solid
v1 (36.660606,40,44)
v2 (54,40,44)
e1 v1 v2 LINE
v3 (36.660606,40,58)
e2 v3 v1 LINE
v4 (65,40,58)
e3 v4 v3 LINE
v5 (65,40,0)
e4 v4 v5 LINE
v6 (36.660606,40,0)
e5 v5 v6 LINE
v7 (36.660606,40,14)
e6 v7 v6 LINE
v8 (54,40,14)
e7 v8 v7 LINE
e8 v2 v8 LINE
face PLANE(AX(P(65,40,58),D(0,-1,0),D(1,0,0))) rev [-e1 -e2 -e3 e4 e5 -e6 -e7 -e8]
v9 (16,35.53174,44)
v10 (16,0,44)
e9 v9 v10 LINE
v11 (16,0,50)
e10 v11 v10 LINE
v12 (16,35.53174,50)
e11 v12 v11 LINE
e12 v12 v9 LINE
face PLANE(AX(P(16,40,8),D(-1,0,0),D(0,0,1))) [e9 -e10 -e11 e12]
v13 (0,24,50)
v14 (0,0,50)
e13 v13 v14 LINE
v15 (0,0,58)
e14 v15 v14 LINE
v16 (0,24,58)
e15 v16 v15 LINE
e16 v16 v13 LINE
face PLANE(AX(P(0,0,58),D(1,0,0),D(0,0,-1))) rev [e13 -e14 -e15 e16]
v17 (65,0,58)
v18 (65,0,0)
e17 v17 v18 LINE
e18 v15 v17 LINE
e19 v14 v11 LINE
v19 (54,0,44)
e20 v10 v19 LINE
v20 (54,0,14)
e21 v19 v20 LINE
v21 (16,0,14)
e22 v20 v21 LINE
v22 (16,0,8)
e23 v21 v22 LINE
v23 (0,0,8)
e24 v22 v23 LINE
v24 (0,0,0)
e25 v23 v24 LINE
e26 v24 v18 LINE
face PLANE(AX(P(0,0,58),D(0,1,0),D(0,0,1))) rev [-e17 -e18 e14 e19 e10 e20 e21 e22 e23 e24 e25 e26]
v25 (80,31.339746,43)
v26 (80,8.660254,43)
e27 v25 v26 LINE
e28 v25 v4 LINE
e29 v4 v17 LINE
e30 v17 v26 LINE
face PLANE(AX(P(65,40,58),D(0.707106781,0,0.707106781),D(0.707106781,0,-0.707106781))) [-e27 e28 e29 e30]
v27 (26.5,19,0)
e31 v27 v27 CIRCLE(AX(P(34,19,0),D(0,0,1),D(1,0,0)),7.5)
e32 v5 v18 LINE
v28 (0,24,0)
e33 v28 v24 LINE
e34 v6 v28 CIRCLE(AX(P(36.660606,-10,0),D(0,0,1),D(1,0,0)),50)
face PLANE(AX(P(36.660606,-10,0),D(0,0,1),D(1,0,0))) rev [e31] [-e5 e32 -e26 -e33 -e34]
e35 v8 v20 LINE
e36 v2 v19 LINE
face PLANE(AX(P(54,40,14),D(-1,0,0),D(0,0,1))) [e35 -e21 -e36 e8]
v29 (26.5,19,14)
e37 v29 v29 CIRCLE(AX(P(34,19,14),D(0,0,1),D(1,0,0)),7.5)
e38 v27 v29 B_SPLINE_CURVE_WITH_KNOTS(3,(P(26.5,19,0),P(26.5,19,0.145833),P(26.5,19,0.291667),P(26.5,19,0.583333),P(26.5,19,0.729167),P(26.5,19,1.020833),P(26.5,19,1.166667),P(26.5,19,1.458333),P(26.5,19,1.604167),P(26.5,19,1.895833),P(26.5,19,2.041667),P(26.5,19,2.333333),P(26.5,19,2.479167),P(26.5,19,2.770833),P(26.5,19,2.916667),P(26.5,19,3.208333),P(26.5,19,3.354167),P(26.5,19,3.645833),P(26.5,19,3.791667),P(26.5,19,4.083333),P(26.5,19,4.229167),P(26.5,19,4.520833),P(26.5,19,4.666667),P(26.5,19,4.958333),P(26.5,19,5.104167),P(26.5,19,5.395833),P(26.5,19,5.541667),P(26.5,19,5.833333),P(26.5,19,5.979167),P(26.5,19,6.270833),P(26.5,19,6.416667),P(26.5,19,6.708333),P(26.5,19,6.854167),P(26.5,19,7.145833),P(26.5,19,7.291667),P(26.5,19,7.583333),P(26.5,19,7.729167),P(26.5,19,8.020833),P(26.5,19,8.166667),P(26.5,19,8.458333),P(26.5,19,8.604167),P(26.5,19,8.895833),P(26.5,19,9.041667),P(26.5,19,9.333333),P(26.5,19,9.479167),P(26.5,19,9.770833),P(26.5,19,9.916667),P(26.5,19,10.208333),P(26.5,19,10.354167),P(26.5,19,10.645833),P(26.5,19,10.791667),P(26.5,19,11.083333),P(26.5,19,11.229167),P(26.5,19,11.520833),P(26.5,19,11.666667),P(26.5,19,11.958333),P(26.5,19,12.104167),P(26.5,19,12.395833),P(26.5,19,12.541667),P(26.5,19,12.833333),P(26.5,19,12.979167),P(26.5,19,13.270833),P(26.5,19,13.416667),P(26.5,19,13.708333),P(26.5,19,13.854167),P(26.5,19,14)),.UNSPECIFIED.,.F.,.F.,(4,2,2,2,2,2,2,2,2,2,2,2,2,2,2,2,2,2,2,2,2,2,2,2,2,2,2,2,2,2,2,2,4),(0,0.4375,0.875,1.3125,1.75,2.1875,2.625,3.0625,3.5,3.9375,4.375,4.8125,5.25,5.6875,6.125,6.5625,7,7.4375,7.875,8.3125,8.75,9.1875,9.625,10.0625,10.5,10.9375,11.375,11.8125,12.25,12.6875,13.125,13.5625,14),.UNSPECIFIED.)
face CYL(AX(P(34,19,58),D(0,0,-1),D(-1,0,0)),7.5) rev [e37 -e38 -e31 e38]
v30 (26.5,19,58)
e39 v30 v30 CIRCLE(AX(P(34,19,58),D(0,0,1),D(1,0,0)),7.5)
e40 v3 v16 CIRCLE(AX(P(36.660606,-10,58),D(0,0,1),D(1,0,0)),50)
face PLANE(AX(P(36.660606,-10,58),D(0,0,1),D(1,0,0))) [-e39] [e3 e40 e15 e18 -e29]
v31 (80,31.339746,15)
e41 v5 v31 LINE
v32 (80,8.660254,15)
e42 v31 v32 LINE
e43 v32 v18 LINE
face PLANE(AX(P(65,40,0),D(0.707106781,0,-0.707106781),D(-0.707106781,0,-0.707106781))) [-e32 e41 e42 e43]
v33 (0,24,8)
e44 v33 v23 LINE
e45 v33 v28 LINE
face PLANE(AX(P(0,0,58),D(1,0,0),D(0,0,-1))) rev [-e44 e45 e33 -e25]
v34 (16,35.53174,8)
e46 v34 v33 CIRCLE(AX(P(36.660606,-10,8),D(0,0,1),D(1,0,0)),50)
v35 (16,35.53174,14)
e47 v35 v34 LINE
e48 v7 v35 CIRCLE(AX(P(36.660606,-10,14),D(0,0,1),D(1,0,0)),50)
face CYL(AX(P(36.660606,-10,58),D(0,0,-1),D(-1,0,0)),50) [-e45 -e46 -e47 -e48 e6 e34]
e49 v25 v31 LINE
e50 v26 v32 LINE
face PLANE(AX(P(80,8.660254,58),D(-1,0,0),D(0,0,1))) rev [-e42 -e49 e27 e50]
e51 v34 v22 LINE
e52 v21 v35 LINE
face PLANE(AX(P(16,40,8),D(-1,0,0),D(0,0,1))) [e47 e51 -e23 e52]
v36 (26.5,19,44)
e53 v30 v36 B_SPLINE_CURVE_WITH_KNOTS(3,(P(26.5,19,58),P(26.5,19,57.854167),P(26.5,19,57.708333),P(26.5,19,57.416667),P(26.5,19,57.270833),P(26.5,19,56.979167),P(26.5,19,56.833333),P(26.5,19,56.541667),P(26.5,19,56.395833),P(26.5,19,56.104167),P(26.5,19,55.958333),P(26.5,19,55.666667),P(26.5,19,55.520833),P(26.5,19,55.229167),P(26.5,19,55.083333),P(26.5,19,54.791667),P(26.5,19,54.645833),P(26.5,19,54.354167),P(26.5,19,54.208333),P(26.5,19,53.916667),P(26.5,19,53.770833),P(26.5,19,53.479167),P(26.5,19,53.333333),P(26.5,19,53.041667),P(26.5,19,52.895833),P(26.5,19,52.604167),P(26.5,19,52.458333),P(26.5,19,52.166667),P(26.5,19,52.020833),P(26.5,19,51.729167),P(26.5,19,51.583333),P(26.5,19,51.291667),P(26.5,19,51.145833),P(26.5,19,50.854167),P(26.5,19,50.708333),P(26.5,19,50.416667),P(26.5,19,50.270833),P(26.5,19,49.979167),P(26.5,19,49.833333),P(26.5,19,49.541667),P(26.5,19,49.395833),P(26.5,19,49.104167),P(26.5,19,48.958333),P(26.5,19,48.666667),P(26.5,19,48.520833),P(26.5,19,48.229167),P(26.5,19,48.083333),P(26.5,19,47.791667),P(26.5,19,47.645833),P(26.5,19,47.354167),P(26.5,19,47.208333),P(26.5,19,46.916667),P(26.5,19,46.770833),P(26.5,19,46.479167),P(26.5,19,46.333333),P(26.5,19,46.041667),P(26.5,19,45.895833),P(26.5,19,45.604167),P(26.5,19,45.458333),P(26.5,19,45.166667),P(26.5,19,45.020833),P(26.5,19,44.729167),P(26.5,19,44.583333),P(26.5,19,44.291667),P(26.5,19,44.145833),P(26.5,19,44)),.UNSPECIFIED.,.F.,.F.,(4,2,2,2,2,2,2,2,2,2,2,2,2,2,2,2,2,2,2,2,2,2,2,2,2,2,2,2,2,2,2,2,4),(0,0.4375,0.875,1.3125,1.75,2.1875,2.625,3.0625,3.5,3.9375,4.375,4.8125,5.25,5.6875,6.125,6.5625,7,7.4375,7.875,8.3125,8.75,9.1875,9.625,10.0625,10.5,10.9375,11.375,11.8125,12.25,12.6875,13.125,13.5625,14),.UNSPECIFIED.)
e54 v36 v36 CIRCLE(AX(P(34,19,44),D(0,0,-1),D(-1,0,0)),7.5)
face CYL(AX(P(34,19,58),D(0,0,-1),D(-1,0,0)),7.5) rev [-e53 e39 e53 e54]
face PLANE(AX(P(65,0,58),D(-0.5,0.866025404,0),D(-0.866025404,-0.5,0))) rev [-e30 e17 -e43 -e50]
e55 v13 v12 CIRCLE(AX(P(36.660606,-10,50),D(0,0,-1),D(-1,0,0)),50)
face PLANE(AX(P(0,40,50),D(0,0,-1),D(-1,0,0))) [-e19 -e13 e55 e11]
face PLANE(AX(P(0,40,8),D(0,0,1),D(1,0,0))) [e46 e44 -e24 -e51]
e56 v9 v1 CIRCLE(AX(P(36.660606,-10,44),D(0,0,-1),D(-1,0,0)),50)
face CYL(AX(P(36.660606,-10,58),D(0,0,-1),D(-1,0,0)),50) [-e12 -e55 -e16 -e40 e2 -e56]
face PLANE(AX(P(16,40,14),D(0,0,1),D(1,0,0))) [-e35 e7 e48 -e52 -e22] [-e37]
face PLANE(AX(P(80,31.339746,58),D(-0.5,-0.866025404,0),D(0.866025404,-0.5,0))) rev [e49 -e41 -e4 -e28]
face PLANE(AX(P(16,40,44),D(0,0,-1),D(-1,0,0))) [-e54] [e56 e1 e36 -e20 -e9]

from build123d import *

# Parameters (mm, degrees)
SKETCH1_R           = 7.5
BOSS_EXTRUDE1_DEPTH = 58
SKETCH2_W           = 16
SKETCH2_H           = 42
CUT_EXTRUDE1_DEPTH  = 107.60206377
SKETCH3_W           = 38
SKETCH3_H           = 30
CUT_EXTRUDE2_DEPTH  = 107.60206377
CUT_EXTRUDE3_DEPTH  = 107.60206377


with BuildPart() as part:
    # Sketch1 → Boss-Extrude1 (new body)
    with BuildSketch(Plane.XY):
        with BuildLine():
            Line((0, 0), (65, 0))
            Line((65, 0), (80, 8.660254038))
            Line((80, 8.660254038), (80, 31.339745962))
            Line((80, 31.339745962), (65, 40))
            Line((65, 40), (36.66060556, 40))
            ThreePointArc((36.66060556, 40), (16.66060556, 35.82575695), (0, 24))
            Line((0, 24), (0, 0))
        make_face()
        with Locations(Location((34, 19, 0), (0, 0, 180))):
            Circle(SKETCH1_R, mode=Mode.SUBTRACT)
    extrude(amount=BOSS_EXTRUDE1_DEPTH)

    # Sketch2 → Cut-Extrude1 (cut, through all)
    with BuildSketch(Plane(origin=(0, 0, 0), x_dir=(1, 0, 0), z_dir=(0, 1, 0))):
        with Locations((8, -29)):
            Rectangle(SKETCH2_W, SKETCH2_H)
    extrude(amount=CUT_EXTRUDE1_DEPTH, mode=Mode.SUBTRACT)

    # Sketch3 → Cut-Extrude2 (cut, through all)
    with BuildSketch(Plane(origin=(0, 0, 0), x_dir=(1, 0, 0), z_dir=(0, 1, 0))):
        with Locations((35, -29)):
            Rectangle(SKETCH3_W, SKETCH3_H)
    extrude(amount=CUT_EXTRUDE2_DEPTH, mode=Mode.SUBTRACT)

    # Sketch4 → Cut-Extrude3 (cut, through all)
    with BuildSketch(Plane(origin=(0, 0, 0), x_dir=(1, 0, 0), z_dir=(0, 1, 0))):
        Polygon((65, 0), (80, -15), (80, 0), align=None)
        Polygon((65, -58), (80, -43), (80, -58), align=None)
    extrude(amount=CUT_EXTRUDE3_DEPTH, mode=Mode.SUBTRACT)


solid = part.part
